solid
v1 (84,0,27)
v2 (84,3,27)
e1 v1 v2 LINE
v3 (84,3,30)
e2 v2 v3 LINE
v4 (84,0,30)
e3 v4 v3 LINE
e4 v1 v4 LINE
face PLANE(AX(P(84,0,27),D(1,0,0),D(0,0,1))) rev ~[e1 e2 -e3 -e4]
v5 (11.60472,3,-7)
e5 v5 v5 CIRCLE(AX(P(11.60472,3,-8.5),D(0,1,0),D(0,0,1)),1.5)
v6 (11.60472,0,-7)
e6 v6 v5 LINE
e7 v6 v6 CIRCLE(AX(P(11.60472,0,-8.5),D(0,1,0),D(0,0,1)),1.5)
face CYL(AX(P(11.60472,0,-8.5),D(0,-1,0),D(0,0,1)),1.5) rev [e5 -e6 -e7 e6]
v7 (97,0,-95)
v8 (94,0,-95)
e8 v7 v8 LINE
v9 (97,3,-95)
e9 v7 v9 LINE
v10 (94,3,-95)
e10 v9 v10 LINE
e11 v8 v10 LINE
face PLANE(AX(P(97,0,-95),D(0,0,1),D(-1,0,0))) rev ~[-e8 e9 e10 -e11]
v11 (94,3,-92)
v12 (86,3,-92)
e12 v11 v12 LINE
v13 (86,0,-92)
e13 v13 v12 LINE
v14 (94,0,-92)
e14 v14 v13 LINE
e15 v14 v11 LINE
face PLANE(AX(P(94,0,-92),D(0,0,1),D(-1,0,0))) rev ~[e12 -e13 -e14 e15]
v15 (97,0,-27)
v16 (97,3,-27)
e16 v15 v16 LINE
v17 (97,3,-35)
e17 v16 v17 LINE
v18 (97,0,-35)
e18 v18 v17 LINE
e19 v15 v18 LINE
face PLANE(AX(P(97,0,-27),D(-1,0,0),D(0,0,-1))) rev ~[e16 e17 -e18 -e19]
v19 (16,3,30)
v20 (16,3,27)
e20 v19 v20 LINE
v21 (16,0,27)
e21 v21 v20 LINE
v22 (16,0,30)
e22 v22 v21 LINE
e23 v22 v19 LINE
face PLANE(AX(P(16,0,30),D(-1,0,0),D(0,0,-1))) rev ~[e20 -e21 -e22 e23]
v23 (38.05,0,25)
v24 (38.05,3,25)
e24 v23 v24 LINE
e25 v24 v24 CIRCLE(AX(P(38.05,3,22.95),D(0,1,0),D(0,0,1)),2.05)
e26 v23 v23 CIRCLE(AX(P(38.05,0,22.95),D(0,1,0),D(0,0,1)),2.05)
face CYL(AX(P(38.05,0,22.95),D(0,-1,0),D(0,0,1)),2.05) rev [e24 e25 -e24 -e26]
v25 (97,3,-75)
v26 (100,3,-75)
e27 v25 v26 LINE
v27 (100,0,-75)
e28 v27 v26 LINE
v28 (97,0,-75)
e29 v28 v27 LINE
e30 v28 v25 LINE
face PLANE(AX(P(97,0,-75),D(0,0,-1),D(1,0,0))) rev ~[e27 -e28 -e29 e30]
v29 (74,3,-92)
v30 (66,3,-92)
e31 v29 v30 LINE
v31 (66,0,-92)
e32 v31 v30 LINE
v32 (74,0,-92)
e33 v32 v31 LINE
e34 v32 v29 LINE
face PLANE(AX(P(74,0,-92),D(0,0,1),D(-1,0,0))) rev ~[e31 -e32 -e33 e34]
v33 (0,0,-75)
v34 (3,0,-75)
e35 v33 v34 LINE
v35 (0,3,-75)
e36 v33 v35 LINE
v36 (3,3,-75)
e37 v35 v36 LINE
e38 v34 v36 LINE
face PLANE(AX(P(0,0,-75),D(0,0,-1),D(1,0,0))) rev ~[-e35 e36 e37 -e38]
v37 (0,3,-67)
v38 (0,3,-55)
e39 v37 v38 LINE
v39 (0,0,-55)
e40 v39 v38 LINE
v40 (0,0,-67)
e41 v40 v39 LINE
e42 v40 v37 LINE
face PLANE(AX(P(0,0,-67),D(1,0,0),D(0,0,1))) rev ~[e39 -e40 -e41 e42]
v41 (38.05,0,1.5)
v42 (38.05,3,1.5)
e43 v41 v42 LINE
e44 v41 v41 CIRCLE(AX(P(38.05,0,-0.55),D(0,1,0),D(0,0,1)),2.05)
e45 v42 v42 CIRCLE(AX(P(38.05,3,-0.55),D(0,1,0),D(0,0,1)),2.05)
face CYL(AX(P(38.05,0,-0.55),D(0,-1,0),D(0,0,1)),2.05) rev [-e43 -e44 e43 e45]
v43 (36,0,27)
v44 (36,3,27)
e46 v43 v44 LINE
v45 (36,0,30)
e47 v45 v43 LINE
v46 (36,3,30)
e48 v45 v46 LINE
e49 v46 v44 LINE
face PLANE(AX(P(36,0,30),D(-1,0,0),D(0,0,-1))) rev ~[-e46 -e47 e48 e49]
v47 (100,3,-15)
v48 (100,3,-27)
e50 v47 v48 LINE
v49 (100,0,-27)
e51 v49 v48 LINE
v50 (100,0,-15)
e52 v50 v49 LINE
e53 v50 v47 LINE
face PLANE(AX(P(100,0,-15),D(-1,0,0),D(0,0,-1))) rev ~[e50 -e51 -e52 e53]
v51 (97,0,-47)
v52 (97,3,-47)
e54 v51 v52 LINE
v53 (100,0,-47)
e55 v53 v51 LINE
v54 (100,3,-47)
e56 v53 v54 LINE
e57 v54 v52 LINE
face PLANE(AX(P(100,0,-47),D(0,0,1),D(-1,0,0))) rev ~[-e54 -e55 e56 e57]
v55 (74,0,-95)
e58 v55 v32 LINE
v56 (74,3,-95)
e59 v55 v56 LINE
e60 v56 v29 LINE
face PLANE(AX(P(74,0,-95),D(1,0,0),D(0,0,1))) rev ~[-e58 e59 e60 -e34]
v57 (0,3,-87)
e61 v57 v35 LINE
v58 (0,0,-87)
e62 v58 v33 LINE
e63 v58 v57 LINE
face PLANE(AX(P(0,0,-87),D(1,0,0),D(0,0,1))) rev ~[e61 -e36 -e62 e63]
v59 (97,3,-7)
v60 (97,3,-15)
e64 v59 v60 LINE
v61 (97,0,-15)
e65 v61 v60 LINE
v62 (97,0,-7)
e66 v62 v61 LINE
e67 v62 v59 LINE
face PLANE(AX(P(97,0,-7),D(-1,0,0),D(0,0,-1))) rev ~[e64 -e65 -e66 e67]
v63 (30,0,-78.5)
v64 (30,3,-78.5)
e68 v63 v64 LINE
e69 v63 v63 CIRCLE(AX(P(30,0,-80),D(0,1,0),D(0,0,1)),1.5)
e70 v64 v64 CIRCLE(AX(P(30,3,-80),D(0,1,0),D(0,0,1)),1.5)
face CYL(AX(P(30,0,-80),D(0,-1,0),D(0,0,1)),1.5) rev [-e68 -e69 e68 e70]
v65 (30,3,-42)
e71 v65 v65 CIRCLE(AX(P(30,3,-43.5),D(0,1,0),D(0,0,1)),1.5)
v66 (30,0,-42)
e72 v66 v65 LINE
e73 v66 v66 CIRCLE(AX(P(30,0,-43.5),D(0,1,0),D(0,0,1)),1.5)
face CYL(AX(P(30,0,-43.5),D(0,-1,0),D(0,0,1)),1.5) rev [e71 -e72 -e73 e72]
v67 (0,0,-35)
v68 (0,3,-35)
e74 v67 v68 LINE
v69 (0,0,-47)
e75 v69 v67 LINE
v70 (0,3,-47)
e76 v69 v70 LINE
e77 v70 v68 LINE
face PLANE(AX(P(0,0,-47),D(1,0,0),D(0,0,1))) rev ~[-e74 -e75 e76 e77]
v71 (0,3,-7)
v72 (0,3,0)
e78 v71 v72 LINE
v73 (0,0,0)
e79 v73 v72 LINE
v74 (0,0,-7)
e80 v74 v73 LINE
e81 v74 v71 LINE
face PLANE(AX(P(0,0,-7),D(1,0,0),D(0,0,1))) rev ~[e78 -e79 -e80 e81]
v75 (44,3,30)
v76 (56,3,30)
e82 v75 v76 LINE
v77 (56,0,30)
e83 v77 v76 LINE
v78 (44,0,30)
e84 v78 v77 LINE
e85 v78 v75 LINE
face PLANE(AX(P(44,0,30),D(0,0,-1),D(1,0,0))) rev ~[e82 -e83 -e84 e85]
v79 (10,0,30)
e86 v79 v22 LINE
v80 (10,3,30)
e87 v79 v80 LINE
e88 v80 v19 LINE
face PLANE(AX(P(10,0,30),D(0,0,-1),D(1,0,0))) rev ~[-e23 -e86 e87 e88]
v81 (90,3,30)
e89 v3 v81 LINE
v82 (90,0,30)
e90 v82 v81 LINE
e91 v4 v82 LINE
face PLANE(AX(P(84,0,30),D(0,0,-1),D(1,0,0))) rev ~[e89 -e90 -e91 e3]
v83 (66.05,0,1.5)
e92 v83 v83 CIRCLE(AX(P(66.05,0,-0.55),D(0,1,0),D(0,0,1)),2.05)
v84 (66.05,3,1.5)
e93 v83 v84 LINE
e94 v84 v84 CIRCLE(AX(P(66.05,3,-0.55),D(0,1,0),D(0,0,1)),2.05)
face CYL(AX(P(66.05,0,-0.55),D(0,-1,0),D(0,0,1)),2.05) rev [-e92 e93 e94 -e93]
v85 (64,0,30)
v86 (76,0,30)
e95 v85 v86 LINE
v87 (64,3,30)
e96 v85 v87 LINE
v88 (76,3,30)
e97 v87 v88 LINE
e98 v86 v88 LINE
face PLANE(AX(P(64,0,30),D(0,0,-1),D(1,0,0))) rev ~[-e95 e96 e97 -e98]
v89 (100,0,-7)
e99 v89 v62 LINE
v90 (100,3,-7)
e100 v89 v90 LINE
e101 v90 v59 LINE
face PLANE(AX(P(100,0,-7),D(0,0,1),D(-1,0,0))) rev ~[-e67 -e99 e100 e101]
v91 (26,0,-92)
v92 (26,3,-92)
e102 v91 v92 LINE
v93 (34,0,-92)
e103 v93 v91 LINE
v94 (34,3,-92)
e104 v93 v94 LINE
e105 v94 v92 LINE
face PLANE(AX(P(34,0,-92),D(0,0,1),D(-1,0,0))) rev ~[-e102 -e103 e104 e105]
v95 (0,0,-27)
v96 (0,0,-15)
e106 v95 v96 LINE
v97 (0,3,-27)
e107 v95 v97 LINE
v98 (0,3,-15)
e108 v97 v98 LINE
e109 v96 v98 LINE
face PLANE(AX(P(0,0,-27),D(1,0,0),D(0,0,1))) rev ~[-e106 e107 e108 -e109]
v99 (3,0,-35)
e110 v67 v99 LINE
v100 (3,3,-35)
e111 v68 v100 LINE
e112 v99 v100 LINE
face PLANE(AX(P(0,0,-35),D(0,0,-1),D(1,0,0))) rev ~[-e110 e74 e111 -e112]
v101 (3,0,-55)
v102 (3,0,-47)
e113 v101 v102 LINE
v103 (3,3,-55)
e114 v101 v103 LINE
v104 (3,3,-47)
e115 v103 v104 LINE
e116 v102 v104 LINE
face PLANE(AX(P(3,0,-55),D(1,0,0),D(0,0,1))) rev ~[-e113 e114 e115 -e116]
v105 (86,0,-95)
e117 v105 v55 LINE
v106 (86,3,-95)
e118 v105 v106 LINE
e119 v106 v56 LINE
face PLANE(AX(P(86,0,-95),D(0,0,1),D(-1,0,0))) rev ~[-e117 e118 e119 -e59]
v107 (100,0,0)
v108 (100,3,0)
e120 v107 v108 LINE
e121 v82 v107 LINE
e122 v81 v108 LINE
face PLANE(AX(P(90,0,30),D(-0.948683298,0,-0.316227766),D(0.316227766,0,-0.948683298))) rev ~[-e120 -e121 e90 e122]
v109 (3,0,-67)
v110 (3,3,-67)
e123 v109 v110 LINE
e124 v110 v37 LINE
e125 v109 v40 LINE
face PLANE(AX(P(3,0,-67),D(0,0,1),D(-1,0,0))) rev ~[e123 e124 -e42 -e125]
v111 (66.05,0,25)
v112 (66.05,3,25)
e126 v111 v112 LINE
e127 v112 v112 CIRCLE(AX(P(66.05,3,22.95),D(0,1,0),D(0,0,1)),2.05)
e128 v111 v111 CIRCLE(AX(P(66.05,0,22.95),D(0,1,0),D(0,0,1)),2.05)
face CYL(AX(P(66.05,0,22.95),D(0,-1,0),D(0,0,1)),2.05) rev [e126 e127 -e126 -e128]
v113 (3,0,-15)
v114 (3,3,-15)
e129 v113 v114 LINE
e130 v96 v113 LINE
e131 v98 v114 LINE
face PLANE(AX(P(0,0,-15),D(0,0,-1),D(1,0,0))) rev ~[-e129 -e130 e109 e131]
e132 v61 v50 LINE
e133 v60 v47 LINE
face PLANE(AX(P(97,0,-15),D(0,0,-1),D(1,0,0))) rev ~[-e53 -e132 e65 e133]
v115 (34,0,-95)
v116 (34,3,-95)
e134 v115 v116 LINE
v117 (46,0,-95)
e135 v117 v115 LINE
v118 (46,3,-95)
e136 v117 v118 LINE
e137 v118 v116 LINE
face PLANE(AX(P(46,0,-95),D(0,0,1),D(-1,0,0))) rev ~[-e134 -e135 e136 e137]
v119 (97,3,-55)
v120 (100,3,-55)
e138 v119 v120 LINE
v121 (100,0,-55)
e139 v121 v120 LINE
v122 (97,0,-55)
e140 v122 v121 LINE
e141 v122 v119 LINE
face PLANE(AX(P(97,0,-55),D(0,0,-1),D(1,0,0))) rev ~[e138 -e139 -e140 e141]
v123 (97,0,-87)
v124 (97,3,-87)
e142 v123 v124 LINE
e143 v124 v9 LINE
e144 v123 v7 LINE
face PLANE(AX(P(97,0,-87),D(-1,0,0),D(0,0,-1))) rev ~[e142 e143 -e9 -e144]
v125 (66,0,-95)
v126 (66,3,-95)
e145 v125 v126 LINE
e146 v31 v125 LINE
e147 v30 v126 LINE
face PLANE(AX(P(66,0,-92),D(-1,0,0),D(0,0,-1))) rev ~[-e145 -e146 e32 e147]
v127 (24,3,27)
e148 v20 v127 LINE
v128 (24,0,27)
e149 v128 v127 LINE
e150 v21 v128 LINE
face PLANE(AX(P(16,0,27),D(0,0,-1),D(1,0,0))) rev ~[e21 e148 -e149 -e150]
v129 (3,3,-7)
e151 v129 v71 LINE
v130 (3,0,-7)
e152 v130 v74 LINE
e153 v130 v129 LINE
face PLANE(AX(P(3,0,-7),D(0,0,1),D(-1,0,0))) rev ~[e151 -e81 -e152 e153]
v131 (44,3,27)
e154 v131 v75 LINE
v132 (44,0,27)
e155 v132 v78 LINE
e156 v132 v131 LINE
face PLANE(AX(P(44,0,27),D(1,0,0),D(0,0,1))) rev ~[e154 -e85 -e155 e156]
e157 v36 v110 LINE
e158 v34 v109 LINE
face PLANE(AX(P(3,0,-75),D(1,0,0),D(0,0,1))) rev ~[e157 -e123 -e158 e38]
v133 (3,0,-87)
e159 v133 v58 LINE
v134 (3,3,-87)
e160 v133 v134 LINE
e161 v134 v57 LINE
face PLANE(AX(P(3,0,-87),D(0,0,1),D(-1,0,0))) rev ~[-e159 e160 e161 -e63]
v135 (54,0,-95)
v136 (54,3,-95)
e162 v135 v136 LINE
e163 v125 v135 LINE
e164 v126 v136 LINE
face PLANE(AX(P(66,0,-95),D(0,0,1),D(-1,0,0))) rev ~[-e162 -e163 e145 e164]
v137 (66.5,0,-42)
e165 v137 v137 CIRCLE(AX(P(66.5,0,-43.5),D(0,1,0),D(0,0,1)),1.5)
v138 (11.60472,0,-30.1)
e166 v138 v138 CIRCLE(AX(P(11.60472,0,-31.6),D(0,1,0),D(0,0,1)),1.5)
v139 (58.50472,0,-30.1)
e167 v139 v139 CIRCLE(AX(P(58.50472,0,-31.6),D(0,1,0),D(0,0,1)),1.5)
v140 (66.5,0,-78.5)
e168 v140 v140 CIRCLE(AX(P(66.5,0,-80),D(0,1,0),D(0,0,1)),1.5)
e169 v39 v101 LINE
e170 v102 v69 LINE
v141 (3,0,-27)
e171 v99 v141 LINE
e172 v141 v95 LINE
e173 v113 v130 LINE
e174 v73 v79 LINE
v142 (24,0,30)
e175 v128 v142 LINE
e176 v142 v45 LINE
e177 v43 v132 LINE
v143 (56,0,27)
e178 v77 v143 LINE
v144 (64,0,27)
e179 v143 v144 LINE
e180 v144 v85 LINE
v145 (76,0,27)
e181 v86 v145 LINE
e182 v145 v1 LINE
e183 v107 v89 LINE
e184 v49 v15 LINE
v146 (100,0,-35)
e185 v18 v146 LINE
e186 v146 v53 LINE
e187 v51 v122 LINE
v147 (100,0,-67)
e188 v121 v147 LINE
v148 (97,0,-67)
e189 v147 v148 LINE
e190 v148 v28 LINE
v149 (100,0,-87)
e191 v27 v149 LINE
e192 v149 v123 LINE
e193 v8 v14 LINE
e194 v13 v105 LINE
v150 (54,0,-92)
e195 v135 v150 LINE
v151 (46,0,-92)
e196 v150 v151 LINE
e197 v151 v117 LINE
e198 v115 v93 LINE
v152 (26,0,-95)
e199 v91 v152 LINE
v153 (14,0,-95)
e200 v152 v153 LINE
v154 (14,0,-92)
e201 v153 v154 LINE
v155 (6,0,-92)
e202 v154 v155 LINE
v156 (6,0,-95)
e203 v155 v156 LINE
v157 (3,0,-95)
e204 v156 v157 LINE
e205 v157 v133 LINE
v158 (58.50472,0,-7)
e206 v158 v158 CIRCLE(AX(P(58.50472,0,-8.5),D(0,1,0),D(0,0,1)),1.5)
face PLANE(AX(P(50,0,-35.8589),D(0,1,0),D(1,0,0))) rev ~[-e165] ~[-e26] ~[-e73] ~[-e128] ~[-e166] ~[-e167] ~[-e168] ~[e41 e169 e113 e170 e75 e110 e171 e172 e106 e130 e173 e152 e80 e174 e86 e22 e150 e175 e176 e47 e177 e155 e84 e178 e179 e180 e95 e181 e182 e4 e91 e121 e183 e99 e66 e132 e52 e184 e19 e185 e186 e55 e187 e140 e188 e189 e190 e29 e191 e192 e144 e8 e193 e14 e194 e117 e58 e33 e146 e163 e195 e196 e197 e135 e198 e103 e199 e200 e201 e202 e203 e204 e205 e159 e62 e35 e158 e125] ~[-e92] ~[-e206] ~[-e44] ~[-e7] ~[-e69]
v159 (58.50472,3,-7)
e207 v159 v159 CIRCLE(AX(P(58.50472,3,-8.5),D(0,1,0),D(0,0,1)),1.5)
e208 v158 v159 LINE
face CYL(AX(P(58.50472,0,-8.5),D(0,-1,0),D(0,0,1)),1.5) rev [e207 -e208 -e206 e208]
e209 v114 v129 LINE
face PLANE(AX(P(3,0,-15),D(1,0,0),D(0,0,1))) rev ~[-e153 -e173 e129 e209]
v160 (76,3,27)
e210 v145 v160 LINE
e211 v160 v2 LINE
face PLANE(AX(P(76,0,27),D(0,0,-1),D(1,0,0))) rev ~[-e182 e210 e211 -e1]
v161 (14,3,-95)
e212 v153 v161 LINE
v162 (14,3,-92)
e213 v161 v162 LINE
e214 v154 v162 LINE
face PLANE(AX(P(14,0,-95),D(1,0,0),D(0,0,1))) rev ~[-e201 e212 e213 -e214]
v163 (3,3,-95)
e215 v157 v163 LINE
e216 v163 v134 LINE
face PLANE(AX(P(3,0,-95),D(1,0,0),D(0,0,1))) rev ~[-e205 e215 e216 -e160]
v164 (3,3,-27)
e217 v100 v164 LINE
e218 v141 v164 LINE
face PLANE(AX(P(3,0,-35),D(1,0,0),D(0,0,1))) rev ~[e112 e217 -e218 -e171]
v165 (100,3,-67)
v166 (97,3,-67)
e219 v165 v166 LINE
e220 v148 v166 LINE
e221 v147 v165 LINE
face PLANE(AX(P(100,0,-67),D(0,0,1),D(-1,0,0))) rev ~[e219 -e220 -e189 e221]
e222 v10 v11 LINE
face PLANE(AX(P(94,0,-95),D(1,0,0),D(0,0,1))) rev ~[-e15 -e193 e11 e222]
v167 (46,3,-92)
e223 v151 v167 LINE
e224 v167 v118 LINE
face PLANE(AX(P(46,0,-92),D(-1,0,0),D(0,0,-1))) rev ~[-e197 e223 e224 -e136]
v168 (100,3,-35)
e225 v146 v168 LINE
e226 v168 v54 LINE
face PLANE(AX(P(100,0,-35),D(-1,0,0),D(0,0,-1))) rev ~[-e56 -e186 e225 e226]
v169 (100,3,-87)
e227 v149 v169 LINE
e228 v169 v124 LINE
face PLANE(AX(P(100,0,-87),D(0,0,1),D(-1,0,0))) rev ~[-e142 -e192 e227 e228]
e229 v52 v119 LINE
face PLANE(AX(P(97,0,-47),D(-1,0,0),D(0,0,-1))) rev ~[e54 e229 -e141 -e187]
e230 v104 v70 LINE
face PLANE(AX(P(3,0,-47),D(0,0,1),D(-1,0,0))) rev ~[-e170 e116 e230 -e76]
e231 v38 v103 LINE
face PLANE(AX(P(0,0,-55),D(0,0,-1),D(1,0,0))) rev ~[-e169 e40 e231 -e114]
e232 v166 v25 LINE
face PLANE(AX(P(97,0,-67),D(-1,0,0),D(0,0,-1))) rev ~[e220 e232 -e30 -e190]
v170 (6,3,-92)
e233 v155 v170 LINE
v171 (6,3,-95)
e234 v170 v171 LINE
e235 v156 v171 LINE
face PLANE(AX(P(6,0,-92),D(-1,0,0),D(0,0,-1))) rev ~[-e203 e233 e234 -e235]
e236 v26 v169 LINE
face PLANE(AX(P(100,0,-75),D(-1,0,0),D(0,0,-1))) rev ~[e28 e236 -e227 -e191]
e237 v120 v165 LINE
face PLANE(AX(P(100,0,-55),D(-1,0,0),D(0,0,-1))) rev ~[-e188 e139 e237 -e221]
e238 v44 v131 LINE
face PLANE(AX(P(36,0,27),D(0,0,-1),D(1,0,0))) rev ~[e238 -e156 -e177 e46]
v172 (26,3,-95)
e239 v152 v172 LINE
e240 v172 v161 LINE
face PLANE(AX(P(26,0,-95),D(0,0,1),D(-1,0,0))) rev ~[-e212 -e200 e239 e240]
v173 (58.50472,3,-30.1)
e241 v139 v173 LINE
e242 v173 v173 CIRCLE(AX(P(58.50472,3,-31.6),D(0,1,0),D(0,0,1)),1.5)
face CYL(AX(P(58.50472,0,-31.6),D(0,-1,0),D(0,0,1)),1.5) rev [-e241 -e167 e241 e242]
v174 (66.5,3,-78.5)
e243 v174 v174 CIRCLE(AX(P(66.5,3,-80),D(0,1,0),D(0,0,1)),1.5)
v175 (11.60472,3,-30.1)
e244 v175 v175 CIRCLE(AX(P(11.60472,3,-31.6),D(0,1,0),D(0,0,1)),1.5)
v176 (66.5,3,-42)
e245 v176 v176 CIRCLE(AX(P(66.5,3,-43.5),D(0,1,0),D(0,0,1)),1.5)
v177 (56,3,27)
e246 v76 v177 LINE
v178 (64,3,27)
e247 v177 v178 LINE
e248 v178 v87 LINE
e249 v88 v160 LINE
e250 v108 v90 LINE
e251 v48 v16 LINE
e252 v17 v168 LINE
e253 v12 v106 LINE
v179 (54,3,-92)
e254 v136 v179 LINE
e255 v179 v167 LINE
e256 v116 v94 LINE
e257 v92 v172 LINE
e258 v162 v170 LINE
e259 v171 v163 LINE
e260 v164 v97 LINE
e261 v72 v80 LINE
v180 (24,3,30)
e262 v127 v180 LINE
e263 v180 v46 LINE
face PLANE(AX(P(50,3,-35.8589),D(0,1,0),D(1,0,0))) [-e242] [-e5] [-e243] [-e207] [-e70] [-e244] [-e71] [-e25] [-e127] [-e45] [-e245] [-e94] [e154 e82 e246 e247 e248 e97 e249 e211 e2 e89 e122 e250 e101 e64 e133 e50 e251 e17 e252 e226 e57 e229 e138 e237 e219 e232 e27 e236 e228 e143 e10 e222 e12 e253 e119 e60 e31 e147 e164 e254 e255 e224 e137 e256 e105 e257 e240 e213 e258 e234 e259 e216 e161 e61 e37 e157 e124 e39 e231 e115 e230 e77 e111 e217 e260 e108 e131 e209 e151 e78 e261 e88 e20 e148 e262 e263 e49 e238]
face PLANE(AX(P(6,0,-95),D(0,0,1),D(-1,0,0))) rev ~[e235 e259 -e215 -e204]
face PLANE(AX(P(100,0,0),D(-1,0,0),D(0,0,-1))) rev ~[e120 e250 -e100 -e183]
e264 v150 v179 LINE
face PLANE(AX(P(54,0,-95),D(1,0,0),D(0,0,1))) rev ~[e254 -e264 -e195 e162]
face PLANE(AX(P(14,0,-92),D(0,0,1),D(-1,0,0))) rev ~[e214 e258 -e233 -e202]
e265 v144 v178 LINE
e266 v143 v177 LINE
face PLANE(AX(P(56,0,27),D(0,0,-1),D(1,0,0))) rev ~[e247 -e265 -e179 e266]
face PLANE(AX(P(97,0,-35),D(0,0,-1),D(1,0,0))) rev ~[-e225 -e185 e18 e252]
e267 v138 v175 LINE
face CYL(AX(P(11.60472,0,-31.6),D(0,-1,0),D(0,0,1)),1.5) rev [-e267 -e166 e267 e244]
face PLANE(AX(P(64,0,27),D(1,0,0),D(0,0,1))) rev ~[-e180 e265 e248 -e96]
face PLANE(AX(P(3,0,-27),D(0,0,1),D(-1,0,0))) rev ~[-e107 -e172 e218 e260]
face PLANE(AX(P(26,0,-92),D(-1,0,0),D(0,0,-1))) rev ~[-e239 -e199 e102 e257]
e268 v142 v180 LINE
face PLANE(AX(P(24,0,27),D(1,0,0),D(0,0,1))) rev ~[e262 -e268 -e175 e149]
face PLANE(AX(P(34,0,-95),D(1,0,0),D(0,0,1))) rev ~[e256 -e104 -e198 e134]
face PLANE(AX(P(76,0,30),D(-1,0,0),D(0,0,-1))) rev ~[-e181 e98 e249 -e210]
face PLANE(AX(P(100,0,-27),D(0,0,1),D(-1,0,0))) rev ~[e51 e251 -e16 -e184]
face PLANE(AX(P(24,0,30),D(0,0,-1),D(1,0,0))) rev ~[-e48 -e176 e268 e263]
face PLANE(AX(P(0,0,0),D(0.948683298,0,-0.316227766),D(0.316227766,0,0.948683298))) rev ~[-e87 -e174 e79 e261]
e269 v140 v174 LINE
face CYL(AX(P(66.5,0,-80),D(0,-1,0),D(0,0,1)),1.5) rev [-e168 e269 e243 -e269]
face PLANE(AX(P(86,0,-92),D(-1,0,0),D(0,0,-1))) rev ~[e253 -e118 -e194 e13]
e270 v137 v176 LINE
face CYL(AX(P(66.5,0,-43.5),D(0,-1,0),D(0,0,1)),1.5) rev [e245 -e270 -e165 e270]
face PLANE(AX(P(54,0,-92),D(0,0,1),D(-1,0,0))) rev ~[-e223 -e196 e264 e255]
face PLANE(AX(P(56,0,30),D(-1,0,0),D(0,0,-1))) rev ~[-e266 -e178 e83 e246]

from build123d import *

# Parameters (mm, degrees)
ESQUISSE1_R        = 2.05
ESQUISSE1_R_2      = 1.5
BOSS_EXTRU_1_DEPTH = 3


with BuildPart() as part:
    # Esquisse1 → Boss.-Extru.1 (new body)
    with BuildSketch(Plane(origin=(0, 0, 0), x_dir=(1, 0, 0), z_dir=(0, 1, 0))):
        Polygon((44, -30), (56, -30), (56, -27), (64, -27), (64, -30), (76, -30), (76, -27), (84, -27), (84, -30), (90, -30), (100, 0), (100, 7), (97, 7), (97, 15), (100, 15), (100, 27), (97, 27), (97, 35), (100, 35), (100, 47), (97, 47), (97, 55), (100, 55), (100, 67), (97, 67), (97, 75), (100, 75), (100, 87), (97, 87), (97, 95), (94, 95), (94, 92), (86, 92), (86, 95), (74, 95), (74, 92), (66, 92), (66, 95), (54, 95), (54, 92), (46, 92), (46, 95), (34, 95), (34, 92), (26, 92), (26, 95), (14, 95), (14, 92), (6, 92), (6, 95), (3, 95), (3, 87), (0, 87), (0, 75), (3, 75), (3, 67), (0, 67), (0, 55), (3, 55), (3, 47), (0, 47), (0, 35), (3, 35), (3, 27), (0, 27), (0, 15), (3, 15), (3, 7), (0, 7), (0, 0), (10, -30), (16, -30), (16, -27), (24, -27), (24, -30), (36, -30), (36, -27), (44, -27), align=None)
        with Locations((38.05, 0.55)):
            Circle(ESQUISSE1_R, mode=Mode.SUBTRACT)
        with Locations((38.05, -22.95)):
            Circle(ESQUISSE1_R, mode=Mode.SUBTRACT)
        with Locations((30, 43.5)):
            Circle(ESQUISSE1_R_2, mode=Mode.SUBTRACT)
        with Locations((30, 80)):
            Circle(ESQUISSE1_R_2, mode=Mode.SUBTRACT)
        with Locations((11.604719745, 8.5)):
            Circle(ESQUISSE1_R_2, mode=Mode.SUBTRACT)
        with Locations((11.604719745, 31.6)):
            Circle(ESQUISSE1_R_2, mode=Mode.SUBTRACT)
        with Locations((66.05, -22.95)):
            Circle(ESQUISSE1_R, mode=Mode.SUBTRACT)
        with Locations((66.05, 0.55)):
            Circle(ESQUISSE1_R, mode=Mode.SUBTRACT)
        with Locations((66.5, 80)):
            Circle(ESQUISSE1_R_2, mode=Mode.SUBTRACT)
        with Locations((58.504719745, 31.6)):
            Circle(ESQUISSE1_R_2, mode=Mode.SUBTRACT)
        with Locations((66.5, 43.5)):
            Circle(ESQUISSE1_R_2, mode=Mode.SUBTRACT)
        with Locations((58.504719745, 8.5)):
            Circle(ESQUISSE1_R_2, mode=Mode.SUBTRACT)
    extrude(amount=BOSS_EXTRU_1_DEPTH)


solid = part.part
